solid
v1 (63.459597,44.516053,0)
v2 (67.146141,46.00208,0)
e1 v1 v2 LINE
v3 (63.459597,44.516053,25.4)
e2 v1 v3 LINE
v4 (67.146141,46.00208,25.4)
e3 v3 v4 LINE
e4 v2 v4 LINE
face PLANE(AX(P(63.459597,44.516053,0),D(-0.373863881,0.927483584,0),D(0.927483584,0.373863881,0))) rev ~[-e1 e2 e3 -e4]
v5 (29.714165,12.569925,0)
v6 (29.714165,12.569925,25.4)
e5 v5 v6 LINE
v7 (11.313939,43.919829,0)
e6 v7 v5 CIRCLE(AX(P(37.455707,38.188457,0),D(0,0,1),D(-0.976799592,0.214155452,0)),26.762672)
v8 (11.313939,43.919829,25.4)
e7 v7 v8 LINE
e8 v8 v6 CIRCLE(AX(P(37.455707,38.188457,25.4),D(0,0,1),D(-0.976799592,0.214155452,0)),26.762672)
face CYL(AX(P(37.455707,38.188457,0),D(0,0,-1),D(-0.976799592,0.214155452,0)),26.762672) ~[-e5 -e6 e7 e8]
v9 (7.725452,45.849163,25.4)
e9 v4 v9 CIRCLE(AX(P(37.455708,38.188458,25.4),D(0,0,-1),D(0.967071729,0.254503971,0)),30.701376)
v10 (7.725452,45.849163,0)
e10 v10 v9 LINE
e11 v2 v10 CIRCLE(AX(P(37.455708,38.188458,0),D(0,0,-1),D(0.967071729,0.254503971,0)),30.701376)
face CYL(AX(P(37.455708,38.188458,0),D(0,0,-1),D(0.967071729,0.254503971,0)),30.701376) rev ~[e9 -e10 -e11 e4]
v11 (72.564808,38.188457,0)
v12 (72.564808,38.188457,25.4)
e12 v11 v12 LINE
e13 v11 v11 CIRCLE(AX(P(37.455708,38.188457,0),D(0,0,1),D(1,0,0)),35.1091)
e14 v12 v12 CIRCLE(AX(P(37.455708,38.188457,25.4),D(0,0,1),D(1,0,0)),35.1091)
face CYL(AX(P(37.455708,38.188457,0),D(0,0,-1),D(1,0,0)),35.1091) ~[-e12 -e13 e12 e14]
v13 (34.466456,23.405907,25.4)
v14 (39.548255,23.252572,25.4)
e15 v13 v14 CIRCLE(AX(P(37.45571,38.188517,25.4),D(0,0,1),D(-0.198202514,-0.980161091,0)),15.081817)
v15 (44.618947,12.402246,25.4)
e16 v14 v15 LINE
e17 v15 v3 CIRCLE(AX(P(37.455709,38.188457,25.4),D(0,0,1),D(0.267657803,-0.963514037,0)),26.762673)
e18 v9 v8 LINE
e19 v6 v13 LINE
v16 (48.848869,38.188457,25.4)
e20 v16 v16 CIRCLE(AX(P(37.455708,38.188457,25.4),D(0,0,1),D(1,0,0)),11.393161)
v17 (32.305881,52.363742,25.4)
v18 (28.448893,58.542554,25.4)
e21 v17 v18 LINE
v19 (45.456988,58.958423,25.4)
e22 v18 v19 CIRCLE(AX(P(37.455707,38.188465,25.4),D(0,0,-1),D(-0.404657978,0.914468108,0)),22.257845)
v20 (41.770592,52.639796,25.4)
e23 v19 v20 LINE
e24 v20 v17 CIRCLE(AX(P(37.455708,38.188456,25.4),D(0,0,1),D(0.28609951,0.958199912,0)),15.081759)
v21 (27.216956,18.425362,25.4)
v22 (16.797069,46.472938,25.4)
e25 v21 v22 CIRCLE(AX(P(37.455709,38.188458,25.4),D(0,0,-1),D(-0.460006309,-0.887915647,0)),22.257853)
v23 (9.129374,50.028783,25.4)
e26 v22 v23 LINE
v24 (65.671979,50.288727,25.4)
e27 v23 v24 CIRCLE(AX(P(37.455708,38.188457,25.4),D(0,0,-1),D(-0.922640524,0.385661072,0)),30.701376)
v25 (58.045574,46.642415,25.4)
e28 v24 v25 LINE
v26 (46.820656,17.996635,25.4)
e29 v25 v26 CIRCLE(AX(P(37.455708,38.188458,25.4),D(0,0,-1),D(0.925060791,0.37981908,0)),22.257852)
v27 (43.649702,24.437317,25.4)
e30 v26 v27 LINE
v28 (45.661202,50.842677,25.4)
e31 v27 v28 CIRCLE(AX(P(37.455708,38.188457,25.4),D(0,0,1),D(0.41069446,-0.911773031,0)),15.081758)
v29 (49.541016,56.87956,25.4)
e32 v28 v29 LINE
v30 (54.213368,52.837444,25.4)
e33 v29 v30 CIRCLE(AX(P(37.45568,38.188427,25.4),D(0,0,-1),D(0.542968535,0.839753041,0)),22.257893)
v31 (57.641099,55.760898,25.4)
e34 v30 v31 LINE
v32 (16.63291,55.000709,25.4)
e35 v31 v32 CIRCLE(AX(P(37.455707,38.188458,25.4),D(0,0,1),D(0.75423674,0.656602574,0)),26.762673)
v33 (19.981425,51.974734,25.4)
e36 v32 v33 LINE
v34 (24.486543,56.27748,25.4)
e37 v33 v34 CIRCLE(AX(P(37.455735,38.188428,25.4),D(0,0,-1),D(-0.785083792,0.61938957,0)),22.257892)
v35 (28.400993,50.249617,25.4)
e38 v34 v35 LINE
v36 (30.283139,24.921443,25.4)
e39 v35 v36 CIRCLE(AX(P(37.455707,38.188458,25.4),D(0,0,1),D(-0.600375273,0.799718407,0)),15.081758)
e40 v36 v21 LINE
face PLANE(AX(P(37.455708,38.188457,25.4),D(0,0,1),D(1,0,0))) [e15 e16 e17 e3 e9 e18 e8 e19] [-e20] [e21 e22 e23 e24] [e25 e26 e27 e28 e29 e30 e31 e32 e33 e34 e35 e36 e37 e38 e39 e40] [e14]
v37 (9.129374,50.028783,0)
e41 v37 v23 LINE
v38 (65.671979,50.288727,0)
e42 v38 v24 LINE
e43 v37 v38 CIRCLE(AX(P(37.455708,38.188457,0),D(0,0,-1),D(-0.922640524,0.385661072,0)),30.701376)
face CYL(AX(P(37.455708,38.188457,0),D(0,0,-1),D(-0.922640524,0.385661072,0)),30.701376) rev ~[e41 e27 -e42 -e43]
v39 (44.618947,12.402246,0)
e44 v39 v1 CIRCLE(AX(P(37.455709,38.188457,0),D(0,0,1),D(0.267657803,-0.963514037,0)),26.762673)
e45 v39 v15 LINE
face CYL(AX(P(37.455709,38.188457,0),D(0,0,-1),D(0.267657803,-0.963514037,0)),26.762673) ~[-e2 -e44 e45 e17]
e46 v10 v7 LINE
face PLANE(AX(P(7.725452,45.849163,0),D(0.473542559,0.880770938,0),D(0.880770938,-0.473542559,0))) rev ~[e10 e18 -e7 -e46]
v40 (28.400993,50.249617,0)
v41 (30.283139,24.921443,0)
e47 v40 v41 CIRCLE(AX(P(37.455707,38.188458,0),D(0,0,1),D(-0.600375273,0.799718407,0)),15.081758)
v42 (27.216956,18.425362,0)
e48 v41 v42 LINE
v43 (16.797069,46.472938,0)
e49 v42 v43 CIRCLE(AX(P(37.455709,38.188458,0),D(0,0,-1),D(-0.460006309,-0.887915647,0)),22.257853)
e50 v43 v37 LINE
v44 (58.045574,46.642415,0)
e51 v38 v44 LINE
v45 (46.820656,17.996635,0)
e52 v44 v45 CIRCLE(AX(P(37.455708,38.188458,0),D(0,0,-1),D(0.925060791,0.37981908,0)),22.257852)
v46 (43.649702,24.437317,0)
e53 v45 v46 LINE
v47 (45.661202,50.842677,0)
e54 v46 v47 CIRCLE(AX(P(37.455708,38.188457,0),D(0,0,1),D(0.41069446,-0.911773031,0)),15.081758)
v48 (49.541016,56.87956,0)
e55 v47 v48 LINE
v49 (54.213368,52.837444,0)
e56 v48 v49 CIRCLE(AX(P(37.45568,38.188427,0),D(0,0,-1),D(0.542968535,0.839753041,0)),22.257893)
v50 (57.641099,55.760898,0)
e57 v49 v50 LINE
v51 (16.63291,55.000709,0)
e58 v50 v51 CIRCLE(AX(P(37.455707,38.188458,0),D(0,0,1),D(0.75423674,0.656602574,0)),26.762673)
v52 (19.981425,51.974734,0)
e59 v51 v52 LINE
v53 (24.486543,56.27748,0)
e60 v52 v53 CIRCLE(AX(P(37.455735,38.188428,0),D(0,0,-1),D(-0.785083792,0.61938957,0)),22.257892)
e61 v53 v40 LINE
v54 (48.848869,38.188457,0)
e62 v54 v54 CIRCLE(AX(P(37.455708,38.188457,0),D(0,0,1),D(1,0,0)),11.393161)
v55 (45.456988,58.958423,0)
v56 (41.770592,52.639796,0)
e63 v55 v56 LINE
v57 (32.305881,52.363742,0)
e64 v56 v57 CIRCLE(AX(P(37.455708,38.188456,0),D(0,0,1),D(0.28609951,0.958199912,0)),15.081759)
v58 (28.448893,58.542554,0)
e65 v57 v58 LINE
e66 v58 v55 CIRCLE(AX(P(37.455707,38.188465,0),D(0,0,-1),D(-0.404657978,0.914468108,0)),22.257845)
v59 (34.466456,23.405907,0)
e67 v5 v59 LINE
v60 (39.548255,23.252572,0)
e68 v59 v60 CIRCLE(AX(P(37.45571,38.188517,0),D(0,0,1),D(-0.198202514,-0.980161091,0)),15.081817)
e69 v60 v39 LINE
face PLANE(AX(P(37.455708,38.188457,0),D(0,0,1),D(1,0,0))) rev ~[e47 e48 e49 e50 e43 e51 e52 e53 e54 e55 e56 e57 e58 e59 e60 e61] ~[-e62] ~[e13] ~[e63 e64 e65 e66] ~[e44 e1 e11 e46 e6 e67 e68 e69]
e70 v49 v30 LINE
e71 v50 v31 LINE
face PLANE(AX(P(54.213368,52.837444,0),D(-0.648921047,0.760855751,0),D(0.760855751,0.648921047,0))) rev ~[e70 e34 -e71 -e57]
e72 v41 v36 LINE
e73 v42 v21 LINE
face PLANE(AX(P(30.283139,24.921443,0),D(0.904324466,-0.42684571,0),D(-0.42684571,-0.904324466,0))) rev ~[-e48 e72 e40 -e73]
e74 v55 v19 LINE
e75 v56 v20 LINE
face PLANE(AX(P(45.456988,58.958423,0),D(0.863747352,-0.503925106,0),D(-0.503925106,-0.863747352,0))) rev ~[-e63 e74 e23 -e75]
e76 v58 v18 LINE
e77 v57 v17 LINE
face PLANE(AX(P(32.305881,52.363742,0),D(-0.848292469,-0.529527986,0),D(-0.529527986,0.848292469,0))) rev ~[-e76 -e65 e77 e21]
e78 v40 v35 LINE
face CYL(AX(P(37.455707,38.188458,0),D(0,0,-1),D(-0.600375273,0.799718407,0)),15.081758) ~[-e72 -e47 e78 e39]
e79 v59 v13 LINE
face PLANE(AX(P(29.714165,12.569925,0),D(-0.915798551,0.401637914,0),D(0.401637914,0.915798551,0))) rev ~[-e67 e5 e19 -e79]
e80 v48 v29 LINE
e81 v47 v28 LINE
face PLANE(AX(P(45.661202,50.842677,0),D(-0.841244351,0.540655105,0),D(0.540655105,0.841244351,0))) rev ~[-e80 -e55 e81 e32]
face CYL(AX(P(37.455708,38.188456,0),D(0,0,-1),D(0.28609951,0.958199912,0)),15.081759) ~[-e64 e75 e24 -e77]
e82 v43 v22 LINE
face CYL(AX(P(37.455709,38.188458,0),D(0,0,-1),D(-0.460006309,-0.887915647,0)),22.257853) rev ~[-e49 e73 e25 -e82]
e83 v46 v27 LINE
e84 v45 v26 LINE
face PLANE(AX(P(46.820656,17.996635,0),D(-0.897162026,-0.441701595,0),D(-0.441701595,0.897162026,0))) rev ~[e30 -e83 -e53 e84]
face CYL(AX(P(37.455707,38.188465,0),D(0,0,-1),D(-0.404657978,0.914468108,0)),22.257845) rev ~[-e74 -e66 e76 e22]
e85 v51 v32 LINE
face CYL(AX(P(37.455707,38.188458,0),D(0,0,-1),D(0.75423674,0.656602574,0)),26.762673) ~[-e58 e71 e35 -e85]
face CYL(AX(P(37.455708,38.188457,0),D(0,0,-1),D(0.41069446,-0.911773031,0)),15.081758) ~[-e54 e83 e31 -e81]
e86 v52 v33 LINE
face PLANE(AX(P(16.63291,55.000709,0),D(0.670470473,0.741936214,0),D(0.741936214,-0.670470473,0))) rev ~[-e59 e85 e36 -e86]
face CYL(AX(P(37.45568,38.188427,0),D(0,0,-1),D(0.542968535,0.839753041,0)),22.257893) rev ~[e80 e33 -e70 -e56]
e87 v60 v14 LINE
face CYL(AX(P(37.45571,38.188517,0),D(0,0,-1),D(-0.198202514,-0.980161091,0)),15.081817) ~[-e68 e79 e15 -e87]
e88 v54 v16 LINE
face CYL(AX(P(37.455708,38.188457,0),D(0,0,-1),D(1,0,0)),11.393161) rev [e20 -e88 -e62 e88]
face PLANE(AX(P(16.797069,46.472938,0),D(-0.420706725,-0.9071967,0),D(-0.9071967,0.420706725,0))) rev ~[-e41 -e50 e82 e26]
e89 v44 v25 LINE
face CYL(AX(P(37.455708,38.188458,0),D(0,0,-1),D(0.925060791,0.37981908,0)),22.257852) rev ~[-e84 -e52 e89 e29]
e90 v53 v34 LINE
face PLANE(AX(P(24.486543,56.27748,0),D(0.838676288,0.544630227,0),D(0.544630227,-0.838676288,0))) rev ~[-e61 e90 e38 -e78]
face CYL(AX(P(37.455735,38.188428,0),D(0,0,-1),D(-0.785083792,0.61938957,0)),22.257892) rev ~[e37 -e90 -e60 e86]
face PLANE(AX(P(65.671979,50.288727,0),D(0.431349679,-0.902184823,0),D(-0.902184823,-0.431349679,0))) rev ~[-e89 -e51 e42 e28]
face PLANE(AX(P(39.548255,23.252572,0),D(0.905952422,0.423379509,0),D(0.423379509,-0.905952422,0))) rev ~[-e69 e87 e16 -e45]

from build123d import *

# Parameters (mm, degrees)
F0_R     = 35.1091
F0_R_2   = 11.393161
F1_DEPTH = 25.4


with BuildPart() as f1:
    # F0 (on Top) → F1 (new body)
    with BuildSketch(Plane.XY):
        with Locations((37.455708, 38.188457)):
            Circle(F0_R)
        with BuildLine():
            ThreePointArc((67.146141, 46.00208), (37.534716, 7.487183), (7.725452, 45.849163))
            Line((7.725452, 45.849163), (11.313939, 43.919829))
            ThreePointArc((11.313939, 43.919829), (14.374897, 24.641617), (29.714165, 12.569925))
            Line((29.714165, 12.569925), (34.466456, 23.405907))
            ThreePointArc((34.466456, 23.405907), (37.000848, 23.113561), (39.548255, 23.252572))
            Line((39.548255, 23.252572), (44.618947, 12.402246))
            ThreePointArc((44.618947, 12.402246), (60.539008, 24.645859), (63.459597, 44.516053))
            Line((63.459597, 44.516053), (67.146141, 46.00208))
        make_face(mode=Mode.SUBTRACT)
        with BuildLine():
            Line((46.820656, 17.996635), (43.649702, 24.437317))
            ThreePointArc((43.649702, 24.437317), (52.493895, 37.042883), (45.661202, 50.842677))
            Line((45.661202, 50.842677), (49.541016, 56.87956))
            ThreePointArc((49.541016, 56.87956), (52.018121, 55.021404), (54.213368, 52.837444))
            Line((54.213368, 52.837444), (57.641099, 55.760898))
            ThreePointArc((57.641099, 55.760898), (36.95968, 64.946534), (16.63291, 55.000709))
            Line((16.63291, 55.000709), (19.981425, 51.974734))
            ThreePointArc((19.981425, 51.974734), (22.082703, 54.284503), (24.486543, 56.27748))
            Line((24.486543, 56.27748), (28.400993, 50.249617))
            ThreePointArc((28.400993, 50.249617), (22.415419, 37.070808), (30.283139, 24.921443))
            Line((30.283139, 24.921443), (27.216956, 18.425362))
            ThreePointArc((27.216956, 18.425362), (16.591173, 30.437125), (16.797069, 46.472938))
            Line((16.797069, 46.472938), (9.129374, 50.028783))
            ThreePointArc((9.129374, 50.028783), (37.314565, 68.889509), (65.671979, 50.288727))
            Line((65.671979, 50.288727), (58.045574, 46.642415))
            ThreePointArc((58.045574, 46.642415), (58.179315, 30.067862), (46.820656, 17.996635))
        make_face(mode=Mode.SUBTRACT)
        with BuildLine():
            ThreePointArc((41.770592, 52.639796), (37.016011, 53.263804), (32.305881, 52.363742))
            Line((32.305881, 52.363742), (28.448893, 58.542554))
            ThreePointArc((28.448893, 58.542554), (36.911639, 60.439659), (45.456988, 58.958423))
            Line((45.456988, 58.958423), (41.770592, 52.639796))
        make_face(mode=Mode.SUBTRACT)
        with Locations((37.455708, 38.188457)):
            Circle(F0_R_2, mode=Mode.SUBTRACT)
    extrude(amount=F1_DEPTH)


solid = f1.part
